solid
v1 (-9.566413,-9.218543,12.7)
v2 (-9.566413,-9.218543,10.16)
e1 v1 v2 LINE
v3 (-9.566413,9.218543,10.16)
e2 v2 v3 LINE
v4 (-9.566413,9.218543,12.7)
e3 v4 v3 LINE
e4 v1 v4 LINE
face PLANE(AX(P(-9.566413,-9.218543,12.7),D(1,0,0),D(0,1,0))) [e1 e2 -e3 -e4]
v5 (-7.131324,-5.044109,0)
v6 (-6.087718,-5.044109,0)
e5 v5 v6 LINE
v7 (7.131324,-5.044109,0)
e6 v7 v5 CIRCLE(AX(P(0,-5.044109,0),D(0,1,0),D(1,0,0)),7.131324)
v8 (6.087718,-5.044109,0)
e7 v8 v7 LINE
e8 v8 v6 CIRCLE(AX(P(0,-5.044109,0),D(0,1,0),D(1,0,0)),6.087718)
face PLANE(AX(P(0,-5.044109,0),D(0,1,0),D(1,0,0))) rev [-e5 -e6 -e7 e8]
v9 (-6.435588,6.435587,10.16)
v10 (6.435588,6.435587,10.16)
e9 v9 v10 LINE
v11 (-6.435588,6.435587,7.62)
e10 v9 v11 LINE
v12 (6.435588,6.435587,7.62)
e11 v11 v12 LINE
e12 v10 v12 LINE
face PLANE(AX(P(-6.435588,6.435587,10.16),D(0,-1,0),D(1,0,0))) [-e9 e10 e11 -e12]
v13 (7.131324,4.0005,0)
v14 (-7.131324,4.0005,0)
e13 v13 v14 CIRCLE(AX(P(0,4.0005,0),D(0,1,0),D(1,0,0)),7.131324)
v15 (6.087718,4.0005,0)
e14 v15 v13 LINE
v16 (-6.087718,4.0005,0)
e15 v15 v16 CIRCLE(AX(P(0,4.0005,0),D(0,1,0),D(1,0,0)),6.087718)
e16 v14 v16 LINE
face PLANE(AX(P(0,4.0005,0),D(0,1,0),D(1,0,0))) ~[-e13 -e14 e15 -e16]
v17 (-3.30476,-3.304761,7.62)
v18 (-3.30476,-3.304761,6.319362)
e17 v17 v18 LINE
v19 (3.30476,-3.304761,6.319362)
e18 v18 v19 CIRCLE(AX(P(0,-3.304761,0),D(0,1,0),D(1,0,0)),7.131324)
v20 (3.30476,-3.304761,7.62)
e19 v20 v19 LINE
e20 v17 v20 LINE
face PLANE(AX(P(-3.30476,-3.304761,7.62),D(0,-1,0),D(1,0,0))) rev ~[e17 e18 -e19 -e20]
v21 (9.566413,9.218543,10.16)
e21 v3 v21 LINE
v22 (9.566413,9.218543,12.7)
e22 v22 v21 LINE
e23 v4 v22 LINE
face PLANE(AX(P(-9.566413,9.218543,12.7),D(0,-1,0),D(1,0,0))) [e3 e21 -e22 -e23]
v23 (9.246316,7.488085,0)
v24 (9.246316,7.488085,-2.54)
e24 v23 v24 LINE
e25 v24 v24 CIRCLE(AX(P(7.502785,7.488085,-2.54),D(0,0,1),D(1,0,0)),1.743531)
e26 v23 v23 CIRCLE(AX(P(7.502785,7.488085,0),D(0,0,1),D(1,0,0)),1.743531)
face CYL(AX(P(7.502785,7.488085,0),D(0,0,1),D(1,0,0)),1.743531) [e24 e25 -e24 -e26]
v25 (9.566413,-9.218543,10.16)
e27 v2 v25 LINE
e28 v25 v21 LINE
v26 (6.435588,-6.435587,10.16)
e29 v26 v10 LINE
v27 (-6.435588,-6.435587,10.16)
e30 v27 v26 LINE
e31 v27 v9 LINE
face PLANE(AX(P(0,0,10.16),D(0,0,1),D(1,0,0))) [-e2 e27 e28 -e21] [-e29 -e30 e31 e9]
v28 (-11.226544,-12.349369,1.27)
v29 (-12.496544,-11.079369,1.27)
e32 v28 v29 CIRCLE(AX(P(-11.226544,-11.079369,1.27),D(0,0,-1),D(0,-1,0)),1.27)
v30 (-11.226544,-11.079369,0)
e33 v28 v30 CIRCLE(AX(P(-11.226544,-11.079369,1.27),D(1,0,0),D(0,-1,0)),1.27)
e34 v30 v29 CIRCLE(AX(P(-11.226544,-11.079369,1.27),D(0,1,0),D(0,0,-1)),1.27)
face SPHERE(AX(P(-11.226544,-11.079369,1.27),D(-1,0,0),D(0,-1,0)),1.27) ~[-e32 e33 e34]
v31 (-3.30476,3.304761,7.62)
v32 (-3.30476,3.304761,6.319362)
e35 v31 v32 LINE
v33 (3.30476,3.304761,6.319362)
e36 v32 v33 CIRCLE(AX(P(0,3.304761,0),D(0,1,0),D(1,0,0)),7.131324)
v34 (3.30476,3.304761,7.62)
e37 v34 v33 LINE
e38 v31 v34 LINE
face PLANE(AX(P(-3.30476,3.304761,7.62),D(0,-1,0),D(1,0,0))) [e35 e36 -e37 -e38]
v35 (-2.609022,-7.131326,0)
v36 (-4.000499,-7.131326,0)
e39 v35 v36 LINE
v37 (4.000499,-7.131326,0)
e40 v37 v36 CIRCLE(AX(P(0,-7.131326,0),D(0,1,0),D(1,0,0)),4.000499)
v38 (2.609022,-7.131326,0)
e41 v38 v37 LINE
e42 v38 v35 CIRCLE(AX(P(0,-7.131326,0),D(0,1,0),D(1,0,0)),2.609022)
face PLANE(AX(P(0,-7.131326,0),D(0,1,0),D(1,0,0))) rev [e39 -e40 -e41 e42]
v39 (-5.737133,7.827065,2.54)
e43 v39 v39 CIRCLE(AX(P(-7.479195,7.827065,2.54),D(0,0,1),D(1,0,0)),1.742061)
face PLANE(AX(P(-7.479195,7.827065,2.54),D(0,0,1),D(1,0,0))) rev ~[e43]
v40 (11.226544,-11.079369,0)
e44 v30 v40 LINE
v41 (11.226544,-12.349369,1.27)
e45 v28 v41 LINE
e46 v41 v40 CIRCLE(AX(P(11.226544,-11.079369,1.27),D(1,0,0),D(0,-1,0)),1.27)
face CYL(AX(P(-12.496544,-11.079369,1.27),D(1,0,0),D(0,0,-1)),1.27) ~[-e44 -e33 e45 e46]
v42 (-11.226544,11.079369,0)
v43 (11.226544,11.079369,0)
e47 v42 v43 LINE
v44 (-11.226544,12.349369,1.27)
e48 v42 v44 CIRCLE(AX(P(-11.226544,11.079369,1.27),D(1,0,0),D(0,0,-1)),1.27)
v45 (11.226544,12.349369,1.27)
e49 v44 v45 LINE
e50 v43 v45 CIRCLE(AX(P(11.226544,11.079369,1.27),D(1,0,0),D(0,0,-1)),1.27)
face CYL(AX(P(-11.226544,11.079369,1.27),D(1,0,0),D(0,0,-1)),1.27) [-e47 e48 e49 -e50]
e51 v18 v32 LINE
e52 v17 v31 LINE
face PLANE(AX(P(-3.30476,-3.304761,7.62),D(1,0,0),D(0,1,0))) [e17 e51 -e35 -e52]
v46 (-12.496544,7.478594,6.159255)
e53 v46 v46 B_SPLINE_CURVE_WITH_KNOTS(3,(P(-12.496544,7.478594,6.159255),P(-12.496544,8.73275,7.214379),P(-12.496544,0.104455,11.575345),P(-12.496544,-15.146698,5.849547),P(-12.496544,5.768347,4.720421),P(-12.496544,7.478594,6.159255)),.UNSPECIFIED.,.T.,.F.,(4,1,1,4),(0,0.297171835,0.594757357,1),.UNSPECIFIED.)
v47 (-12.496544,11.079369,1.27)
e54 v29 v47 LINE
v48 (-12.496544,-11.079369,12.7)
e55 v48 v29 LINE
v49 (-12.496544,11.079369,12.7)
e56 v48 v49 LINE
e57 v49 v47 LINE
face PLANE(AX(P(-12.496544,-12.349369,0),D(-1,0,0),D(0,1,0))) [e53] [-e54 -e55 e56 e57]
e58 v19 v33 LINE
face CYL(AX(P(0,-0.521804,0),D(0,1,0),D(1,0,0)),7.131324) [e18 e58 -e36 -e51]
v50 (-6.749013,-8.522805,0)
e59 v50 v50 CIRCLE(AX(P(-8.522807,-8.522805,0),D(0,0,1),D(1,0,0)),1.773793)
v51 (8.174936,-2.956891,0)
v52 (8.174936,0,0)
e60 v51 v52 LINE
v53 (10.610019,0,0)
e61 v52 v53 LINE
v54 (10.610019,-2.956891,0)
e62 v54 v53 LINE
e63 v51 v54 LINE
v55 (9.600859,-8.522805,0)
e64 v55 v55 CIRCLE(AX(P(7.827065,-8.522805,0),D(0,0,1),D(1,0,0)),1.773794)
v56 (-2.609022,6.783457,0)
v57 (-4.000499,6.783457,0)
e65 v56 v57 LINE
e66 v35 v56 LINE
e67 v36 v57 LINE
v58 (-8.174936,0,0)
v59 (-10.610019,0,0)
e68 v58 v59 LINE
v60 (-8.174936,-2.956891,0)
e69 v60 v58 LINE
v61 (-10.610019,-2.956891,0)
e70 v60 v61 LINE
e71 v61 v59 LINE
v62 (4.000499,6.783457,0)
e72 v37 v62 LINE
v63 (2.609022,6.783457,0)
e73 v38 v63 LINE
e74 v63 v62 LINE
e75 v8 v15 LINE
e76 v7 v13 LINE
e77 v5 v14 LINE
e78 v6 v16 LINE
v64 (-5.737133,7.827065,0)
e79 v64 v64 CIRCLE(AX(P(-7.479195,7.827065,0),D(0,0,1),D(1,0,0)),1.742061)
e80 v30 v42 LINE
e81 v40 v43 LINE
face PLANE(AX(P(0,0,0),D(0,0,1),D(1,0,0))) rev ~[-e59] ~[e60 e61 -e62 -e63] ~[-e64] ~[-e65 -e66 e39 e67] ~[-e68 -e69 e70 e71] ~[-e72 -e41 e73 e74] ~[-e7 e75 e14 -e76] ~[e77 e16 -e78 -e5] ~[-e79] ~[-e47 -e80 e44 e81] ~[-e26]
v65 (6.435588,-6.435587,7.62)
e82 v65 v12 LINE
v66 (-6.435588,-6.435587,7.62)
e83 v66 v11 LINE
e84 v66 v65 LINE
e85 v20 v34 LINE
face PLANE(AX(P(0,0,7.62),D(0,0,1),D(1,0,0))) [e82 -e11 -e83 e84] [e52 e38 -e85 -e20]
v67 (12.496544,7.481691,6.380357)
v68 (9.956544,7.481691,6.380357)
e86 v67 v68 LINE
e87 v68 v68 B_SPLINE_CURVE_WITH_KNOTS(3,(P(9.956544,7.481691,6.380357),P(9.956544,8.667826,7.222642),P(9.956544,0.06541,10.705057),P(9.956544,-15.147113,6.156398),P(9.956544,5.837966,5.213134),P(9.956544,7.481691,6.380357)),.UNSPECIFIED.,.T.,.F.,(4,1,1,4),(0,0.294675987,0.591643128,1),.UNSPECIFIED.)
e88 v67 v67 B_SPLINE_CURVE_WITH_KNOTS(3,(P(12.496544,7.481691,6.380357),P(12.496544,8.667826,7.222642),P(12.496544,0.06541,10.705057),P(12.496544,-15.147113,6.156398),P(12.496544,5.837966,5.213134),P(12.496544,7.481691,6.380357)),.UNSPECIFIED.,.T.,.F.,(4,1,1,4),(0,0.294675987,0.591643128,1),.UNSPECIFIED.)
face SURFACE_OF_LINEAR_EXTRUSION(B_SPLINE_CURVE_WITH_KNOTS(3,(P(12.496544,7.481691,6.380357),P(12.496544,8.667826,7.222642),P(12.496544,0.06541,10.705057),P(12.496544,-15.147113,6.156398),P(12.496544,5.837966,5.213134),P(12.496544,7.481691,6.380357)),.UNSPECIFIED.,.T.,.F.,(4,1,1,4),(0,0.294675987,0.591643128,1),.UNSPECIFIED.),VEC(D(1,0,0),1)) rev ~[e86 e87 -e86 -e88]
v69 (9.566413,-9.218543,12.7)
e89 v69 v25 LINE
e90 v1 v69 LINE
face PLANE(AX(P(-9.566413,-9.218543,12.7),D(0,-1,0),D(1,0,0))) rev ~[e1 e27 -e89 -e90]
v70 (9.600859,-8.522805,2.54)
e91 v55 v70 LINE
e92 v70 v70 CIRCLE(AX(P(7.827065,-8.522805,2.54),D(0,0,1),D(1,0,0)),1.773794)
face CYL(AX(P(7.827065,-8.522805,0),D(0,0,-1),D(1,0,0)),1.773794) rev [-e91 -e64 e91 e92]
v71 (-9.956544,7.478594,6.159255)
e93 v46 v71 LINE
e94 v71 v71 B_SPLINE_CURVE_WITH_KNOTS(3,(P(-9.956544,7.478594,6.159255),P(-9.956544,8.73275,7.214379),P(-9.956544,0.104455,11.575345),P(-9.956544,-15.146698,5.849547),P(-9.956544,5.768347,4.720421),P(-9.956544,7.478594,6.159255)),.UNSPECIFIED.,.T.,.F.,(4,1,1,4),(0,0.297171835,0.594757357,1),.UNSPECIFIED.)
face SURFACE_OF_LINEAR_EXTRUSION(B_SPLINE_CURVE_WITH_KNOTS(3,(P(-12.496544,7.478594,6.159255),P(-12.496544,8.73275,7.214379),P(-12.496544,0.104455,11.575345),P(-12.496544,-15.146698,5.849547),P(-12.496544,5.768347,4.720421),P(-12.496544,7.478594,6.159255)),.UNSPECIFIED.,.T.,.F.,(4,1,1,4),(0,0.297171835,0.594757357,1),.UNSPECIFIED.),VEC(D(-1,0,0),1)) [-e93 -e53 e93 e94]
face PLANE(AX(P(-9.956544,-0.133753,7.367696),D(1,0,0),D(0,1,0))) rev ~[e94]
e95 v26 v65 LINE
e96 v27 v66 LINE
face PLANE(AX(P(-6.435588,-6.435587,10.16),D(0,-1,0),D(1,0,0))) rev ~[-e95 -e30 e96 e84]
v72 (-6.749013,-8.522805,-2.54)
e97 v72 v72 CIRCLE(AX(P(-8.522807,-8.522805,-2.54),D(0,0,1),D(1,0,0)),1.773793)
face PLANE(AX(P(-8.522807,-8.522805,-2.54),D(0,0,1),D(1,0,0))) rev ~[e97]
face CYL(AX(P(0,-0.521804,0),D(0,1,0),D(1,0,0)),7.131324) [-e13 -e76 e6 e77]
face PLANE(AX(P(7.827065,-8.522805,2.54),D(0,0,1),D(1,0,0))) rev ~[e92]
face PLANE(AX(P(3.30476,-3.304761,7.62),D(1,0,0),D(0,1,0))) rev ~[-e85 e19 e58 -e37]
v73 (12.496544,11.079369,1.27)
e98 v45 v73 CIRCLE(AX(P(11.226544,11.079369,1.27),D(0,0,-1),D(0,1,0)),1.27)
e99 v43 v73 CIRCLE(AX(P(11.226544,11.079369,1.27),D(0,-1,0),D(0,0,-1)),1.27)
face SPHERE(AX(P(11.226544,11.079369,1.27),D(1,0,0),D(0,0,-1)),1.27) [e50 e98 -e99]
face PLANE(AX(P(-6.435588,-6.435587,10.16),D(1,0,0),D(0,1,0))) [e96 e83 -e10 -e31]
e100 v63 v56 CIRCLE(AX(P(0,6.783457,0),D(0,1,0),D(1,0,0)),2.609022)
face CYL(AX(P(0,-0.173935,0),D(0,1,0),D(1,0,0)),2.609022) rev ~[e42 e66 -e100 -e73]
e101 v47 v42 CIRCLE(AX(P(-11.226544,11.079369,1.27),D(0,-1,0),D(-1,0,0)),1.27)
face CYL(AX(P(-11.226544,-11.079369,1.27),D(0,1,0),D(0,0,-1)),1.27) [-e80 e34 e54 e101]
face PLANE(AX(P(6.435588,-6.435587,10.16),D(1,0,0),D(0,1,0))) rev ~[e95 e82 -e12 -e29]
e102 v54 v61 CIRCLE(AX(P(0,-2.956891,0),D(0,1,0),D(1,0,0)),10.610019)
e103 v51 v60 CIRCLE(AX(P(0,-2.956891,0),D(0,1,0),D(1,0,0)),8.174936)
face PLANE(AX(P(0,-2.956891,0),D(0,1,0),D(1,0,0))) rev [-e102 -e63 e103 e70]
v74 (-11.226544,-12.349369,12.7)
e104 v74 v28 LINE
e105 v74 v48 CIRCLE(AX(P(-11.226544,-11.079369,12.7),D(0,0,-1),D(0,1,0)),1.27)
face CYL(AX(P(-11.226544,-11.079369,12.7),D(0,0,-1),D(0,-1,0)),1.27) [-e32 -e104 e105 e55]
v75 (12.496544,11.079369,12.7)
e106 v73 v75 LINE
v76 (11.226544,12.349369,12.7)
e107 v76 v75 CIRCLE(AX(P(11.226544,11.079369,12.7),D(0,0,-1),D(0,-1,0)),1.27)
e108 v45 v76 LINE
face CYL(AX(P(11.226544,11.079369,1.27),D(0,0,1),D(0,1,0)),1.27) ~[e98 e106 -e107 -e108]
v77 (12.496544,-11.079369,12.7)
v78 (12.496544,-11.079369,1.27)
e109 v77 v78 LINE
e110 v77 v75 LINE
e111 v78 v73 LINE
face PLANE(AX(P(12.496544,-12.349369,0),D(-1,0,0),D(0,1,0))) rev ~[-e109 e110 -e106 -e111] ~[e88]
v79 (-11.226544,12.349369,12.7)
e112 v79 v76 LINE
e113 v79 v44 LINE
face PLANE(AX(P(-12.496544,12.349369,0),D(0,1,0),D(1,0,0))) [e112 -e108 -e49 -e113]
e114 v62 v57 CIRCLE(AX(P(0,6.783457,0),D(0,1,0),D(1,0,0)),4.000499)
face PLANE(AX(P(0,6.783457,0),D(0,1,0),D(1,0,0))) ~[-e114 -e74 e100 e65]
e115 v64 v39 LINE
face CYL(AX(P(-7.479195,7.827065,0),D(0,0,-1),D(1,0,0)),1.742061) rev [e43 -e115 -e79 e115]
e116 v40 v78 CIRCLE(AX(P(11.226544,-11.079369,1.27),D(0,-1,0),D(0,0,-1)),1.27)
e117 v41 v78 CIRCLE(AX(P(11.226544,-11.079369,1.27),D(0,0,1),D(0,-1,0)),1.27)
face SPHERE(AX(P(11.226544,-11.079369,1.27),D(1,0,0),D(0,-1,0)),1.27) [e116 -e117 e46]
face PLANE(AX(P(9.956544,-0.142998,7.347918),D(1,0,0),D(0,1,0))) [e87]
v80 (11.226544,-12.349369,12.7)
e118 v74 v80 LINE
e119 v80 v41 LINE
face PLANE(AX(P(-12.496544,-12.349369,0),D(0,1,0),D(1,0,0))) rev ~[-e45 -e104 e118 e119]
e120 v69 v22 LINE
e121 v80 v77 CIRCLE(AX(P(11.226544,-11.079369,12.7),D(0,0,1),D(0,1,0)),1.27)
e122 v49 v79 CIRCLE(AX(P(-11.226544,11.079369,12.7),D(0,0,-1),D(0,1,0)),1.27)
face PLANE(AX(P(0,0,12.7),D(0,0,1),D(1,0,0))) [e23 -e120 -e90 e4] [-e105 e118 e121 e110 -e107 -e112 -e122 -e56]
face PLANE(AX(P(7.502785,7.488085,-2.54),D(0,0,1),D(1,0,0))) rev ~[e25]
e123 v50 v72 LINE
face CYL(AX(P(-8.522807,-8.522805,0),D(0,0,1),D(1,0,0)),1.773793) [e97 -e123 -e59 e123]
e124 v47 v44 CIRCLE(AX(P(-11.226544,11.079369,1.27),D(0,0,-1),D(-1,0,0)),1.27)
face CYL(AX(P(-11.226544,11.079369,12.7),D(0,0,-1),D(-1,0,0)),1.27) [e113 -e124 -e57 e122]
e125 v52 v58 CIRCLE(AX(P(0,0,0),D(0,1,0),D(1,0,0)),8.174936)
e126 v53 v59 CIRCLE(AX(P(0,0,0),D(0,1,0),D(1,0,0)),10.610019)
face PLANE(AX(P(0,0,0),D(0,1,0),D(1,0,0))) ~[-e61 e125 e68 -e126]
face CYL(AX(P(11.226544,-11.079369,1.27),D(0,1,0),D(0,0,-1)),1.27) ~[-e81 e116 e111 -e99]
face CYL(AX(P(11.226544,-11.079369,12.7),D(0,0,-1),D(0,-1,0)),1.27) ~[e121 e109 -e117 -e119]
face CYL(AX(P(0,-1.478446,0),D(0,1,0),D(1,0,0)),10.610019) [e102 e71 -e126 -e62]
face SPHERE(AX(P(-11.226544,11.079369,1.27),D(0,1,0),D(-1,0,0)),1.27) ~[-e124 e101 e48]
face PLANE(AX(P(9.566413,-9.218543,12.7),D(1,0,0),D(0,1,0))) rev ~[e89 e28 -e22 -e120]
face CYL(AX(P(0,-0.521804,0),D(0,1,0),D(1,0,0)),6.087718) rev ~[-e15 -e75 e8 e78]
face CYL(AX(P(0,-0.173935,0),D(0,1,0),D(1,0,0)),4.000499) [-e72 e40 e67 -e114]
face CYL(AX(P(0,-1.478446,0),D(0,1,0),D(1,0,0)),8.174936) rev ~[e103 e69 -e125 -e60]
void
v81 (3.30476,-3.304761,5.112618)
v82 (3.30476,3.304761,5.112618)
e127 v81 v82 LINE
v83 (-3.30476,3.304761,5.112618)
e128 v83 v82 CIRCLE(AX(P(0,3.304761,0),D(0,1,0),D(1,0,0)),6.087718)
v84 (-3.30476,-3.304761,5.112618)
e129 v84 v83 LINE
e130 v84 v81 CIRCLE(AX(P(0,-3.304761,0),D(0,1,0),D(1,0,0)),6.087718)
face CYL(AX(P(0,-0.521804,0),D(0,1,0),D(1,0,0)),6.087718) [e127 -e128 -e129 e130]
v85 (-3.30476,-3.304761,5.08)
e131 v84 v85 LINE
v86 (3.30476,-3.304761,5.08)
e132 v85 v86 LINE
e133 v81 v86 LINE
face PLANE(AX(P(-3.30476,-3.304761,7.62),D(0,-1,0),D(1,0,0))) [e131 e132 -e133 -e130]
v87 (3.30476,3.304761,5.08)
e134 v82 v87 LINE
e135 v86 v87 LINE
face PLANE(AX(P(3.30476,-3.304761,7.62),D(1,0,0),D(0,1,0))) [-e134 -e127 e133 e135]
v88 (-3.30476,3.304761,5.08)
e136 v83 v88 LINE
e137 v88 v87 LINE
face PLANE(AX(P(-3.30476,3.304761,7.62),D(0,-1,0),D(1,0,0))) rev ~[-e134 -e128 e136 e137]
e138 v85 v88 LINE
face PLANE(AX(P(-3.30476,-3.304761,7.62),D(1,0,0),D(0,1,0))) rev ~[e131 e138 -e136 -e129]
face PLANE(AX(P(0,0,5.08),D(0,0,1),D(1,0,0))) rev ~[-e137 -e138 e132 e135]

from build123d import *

# Parameters (mm, degrees)
F0_W      = 24.9930880964
F0_H      = 24.6987380087
F1_DEPTH  = 12.7
F2_W      = 19.1328264773
F2_H      = 18.4370856732
F3_DEPTH  = 2.54
F4_W      = 12.8711769357
F4_H      = 12.8711741418
F5_DEPTH  = 2.54
F6_W      = 6.6095204093
F6_H      = 6.6095213406
F7_DEPTH  = 2.54
F8_W      = 1.3914771844
F8_H      = 13.9147825539
F9_ANGLE  = 180
F10_W     = 1.0436060838
F10_H     = 9.0446090326
F12_W     = 2.4350825697
F12_H     = 2.9568914324
F13_ANGLE = 180
F14_R     = 1.27
F15_R     = 1.27
F16_R     = 1.27
F17_R     = 1.27
F18_R     = 1.7737932194
F18_R_2   = 1.7435308636
F19_DEPTH = 2.54
F18_R_3   = 1.7420613373
F18_R_4   = 1.7737943152
F20_DEPTH = 2.54
F22_DEPTH = 2.54
F24_DEPTH = 2.54


with BuildPart() as f1:
    # F0 (on Top) → F1 (new body)
    with BuildSketch(Plane.XY):
        Rectangle(F0_W, F0_H)
    extrude(amount=F1_DEPTH)

    # F2 (on face) → F3 (cut)
    with BuildSketch(Plane.XY.offset(12.7)):
        Rectangle(F2_W, F2_H)
    extrude(amount=-F3_DEPTH, mode=Mode.SUBTRACT)

    # F4 (on face) → F5 (cut)
    with BuildSketch(Plane.XY.offset(10.16)):
        Rectangle(F4_W, F4_H)
    extrude(amount=-F5_DEPTH, mode=Mode.SUBTRACT)

    # F6 (on face) → F7 (cut)
    with BuildSketch(Plane.XY.offset(7.62)):
        Rectangle(F6_W, F6_H)
    extrude(amount=-F7_DEPTH, mode=Mode.SUBTRACT)

    # F8 (on Top) → F9 (revolve)
    with BuildSketch(Plane.XY):
        with Locations((3.304760321, -0.1739347354)):
            Rectangle(F8_W, F8_H)
    revolve(axis=Axis((0, -0.1739347354, 0), (0, 1, 0)), revolution_arc=F9_ANGLE)

    # F10 (on Top) → F11 (revolve)
    with BuildSketch(Plane.XY):
        with Locations((6.6095206421, -0.5218042061)):
            Rectangle(F10_W, F10_H)
    revolve(axis=Axis((0, -0.8696736768, 0), (0, 1, 0)))

    # F12 (on Top) → F13 (revolve)
    with BuildSketch(Plane.XY):
        with Locations((9.392477572, -1.4784457162)):
            Rectangle(F12_W, F12_H)
    revolve(axis=Axis((0, -0.5218046717, 0), (0, 1, 0)), revolution_arc=F13_ANGLE)

    # F14
    f14_edges = [f1.edges().sort_by_distance(p)[0] for p in [
        (0, -12.349369, 0),
    ]]
    fillet(f14_edges, radius=F14_R)

    # F15
    f15_edges = [f1.edges().sort_by_distance(p)[0] for p in [
        (-12.496544, 0.635, 0),
    ]]
    fillet(f15_edges, radius=F15_R)

    # F16
    f16_edges = [f1.edges().sort_by_distance(p)[0] for p in [
        (0.635, 12.349369, 0),
    ]]
    fillet(f16_edges, radius=F16_R)

    # F17
    f17_edges = [f1.edges().sort_by_distance(p)[0] for p in [
        (12.496544, 0, 0),
    ]]
    fillet(f17_edges, radius=F17_R)

    # F18 (on Top) → F19 (join)
    with BuildSketch(Plane.XY):
        with Locations((-8.5228066891, -8.5228048265)):
            Circle(F18_R)
        with Locations((7.5027854182, 7.4880854227)):
            Circle(F18_R_2)
    extrude(amount=-F19_DEPTH)

    # F18 (on Top) → F20 (cut)
    with BuildSketch(Plane.XY):
        with Locations((-7.4791945517, 7.8270649537)):
            Circle(F18_R_3)
        with Locations((7.8270649537, -8.5228048265)):
            Circle(F18_R_4)
    extrude(amount=F20_DEPTH, mode=Mode.SUBTRACT)

    # F21 (on face) → F22 (cut)
    with BuildSketch(Plane.YZ.offset(12.4965440482)):
        with BuildLine():
            add(Edge.make_bspline(
                [(7.4816909619, 6.3803573139), (8.6678256626, 7.222641581), (0.0654100682, 10.7050572044), (-15.1471126917, 6.1563977773), (5.8379660659, 5.2131343851), (7.4816909619, 6.3803573139)],
                knots=[0, 0, 0, 0, 0.294675987, 0.5916431282, 1, 1, 1, 1], degree=3))
        make_face()
    extrude(amount=-F22_DEPTH, mode=Mode.SUBTRACT)

    # F23 (on face) → F24 (cut)
    with BuildSketch(Plane(origin=(-12.4965440482, 0, 0), x_dir=(0, -1, 0), z_dir=(-1, 0, 0))):
        with BuildLine():
            add(Edge.make_bspline(
                [(-7.4785943143, 6.1592552811), (-8.7327498412, 7.2143790552), (-0.1044548846, 11.5753450744), (15.146698404, 5.8495465933), (-5.7683471063, 4.7204205831), (-7.4785943143, 6.1592552811)],
                knots=[0, 0, 0, 0, 0.2971718348, 0.5947573567, 1, 1, 1, 1], degree=3))
        make_face()
    extrude(amount=-F24_DEPTH, mode=Mode.SUBTRACT)


solid = f1.part
